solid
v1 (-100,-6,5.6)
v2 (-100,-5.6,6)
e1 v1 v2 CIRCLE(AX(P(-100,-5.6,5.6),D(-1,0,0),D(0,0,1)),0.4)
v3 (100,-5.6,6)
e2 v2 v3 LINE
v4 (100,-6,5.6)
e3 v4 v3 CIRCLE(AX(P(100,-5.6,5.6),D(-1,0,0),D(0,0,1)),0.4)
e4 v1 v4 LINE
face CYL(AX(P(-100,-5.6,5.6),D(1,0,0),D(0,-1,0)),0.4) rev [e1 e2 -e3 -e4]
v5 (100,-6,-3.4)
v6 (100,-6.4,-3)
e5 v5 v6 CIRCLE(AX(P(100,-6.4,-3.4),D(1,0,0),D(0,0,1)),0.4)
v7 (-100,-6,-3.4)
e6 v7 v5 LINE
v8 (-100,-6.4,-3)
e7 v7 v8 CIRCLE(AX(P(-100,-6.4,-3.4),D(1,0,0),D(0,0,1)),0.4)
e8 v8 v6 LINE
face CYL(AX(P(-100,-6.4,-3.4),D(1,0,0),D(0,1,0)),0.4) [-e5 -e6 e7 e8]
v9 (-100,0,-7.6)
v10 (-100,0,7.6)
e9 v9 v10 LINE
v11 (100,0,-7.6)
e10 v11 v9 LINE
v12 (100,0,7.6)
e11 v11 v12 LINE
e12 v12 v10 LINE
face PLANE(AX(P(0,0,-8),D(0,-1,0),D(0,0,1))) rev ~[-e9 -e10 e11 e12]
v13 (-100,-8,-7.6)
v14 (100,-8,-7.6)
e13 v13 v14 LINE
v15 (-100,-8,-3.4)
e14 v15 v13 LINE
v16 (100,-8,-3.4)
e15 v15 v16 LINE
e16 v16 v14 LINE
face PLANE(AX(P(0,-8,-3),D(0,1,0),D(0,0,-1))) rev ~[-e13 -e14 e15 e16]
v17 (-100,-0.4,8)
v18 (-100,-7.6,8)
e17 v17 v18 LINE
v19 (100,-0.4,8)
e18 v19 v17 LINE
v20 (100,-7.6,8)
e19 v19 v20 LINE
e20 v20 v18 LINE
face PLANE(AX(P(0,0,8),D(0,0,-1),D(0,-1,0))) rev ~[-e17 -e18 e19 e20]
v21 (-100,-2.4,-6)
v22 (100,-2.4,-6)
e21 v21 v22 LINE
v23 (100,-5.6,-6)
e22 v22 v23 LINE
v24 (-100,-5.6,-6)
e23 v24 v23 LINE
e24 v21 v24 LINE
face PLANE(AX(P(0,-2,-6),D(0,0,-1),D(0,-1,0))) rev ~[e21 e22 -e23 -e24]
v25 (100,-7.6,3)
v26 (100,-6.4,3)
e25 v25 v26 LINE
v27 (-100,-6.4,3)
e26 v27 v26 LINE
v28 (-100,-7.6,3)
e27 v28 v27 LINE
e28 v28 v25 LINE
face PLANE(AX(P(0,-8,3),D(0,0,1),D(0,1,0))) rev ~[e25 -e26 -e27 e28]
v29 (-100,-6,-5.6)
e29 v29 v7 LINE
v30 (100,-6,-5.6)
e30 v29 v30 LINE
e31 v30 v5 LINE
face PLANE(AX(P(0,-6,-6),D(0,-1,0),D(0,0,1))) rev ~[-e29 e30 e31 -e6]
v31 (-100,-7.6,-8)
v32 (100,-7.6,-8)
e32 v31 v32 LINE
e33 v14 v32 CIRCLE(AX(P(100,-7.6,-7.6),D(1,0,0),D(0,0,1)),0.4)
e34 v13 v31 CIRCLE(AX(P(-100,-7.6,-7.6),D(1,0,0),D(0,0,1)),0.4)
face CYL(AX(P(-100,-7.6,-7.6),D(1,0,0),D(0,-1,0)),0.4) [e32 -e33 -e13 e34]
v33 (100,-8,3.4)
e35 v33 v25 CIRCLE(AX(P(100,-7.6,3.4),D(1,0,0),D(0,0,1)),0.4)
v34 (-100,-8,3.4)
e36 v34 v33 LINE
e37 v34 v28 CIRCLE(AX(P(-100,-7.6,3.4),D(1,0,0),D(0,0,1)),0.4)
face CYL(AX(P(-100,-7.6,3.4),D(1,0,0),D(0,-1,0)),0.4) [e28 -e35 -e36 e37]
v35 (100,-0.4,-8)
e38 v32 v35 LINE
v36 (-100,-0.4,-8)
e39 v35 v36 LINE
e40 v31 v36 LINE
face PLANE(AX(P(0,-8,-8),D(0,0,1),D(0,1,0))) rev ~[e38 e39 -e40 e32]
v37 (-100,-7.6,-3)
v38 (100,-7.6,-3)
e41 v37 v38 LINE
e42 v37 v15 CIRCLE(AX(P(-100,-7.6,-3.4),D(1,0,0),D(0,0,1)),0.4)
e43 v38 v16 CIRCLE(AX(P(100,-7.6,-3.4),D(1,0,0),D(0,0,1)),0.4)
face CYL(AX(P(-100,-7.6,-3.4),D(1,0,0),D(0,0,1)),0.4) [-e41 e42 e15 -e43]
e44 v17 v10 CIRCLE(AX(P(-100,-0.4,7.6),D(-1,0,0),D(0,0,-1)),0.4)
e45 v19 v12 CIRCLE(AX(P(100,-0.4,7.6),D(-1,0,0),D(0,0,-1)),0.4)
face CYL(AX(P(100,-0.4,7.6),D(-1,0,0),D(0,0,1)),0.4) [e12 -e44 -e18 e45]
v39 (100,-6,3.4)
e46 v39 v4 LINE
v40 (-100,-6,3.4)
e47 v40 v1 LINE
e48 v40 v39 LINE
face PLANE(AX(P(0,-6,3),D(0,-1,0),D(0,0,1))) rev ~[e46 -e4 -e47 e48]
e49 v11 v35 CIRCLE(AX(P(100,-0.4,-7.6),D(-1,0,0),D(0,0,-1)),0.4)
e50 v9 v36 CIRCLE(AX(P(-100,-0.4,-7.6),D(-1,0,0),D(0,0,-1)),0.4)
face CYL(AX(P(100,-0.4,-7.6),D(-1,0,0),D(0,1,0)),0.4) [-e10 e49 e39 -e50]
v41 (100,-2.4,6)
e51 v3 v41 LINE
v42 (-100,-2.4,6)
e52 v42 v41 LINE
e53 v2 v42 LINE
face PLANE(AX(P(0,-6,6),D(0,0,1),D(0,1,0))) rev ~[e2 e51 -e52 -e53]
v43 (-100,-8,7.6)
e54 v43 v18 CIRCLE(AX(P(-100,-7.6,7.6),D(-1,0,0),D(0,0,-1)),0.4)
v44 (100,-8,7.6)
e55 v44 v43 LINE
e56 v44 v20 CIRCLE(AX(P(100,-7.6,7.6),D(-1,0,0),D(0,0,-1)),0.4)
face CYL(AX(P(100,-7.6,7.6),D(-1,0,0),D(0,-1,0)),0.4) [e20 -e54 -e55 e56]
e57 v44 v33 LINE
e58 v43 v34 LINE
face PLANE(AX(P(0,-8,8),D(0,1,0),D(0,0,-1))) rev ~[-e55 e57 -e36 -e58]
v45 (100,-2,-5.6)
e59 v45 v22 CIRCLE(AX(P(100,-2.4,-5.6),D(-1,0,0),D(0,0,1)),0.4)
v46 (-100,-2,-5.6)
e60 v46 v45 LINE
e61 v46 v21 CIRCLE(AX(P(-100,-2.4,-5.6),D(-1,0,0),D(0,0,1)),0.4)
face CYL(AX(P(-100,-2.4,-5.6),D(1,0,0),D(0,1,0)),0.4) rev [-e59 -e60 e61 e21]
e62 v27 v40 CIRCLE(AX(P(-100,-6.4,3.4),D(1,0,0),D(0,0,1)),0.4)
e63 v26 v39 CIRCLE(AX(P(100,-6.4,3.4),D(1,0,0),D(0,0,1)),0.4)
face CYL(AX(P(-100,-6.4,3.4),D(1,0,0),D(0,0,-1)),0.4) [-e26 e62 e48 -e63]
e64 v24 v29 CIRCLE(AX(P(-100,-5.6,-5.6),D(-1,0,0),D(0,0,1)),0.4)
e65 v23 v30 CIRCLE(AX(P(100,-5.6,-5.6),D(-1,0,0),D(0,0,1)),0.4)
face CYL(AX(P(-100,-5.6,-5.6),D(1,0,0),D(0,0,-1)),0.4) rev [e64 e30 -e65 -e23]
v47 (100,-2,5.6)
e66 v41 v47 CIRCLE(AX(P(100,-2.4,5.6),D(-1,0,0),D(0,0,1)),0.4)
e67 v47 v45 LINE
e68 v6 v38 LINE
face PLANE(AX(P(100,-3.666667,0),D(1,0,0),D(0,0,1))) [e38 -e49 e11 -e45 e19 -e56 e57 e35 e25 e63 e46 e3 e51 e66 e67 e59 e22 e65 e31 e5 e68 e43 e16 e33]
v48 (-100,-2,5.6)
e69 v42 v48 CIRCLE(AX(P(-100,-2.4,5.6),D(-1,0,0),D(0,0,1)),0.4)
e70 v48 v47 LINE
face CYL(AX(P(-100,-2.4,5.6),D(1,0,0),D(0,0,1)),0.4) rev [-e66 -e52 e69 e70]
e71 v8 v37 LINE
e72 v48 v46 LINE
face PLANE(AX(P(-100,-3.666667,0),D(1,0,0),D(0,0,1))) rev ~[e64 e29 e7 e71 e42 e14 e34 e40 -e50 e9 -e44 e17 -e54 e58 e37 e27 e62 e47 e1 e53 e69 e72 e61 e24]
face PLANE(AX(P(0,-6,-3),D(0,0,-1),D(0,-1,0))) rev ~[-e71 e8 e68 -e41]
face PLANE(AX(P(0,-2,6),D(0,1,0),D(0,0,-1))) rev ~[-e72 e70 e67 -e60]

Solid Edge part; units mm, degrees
sketch "Sketch1" plane through (0, 0, 0) normal (1, 0, 0) x (0, 1, 0)
  line L0 (-8, 8) -> (-8, 3)
  line L1 (-8, 3) -> (-6, 3)
  line L2 (-6, 3) -> (-6, 6)
  line L3 (-6, 6) -> (-2, 6)
  line L4 (-2, 6) -> (-2, -6)
  line L5 (-2, -6) -> (-6, -6)
  line L6 (-6, -6) -> (-6, -3)
  line L7 (-6, -3) -> (-8, -3)
  line L8 (-8, -3) -> (-8, -8)
  line L9 (-8, -8) -> (0, -8)
  line L10 (0, -8) -> (0, 8)
  line L11 (0, 8) -> (-8, 8)
  dimension "D1" = 8
  dimension "D2" = 16
  dimension "D3" = 2
  dimension "D4" = 6
  dimension "D5" = 12
  dimension "D6" = 6
extrude "Protrusion1" add sketch "Sketch1" along normal mid plane 200
fillet "Round_1" radius 0.4 12 edges at (0, -8, 8) (0, 0, 8) (0, -8, 3) (0, -6, 3) (0, -6, 6) (0, -2, 6) (0, -2, -6) (0, -6, -6) (0, -6, -3) (0, -8, -3) (0, -8, -8) (0, 0, -8)
properties material "Stainless steel"
